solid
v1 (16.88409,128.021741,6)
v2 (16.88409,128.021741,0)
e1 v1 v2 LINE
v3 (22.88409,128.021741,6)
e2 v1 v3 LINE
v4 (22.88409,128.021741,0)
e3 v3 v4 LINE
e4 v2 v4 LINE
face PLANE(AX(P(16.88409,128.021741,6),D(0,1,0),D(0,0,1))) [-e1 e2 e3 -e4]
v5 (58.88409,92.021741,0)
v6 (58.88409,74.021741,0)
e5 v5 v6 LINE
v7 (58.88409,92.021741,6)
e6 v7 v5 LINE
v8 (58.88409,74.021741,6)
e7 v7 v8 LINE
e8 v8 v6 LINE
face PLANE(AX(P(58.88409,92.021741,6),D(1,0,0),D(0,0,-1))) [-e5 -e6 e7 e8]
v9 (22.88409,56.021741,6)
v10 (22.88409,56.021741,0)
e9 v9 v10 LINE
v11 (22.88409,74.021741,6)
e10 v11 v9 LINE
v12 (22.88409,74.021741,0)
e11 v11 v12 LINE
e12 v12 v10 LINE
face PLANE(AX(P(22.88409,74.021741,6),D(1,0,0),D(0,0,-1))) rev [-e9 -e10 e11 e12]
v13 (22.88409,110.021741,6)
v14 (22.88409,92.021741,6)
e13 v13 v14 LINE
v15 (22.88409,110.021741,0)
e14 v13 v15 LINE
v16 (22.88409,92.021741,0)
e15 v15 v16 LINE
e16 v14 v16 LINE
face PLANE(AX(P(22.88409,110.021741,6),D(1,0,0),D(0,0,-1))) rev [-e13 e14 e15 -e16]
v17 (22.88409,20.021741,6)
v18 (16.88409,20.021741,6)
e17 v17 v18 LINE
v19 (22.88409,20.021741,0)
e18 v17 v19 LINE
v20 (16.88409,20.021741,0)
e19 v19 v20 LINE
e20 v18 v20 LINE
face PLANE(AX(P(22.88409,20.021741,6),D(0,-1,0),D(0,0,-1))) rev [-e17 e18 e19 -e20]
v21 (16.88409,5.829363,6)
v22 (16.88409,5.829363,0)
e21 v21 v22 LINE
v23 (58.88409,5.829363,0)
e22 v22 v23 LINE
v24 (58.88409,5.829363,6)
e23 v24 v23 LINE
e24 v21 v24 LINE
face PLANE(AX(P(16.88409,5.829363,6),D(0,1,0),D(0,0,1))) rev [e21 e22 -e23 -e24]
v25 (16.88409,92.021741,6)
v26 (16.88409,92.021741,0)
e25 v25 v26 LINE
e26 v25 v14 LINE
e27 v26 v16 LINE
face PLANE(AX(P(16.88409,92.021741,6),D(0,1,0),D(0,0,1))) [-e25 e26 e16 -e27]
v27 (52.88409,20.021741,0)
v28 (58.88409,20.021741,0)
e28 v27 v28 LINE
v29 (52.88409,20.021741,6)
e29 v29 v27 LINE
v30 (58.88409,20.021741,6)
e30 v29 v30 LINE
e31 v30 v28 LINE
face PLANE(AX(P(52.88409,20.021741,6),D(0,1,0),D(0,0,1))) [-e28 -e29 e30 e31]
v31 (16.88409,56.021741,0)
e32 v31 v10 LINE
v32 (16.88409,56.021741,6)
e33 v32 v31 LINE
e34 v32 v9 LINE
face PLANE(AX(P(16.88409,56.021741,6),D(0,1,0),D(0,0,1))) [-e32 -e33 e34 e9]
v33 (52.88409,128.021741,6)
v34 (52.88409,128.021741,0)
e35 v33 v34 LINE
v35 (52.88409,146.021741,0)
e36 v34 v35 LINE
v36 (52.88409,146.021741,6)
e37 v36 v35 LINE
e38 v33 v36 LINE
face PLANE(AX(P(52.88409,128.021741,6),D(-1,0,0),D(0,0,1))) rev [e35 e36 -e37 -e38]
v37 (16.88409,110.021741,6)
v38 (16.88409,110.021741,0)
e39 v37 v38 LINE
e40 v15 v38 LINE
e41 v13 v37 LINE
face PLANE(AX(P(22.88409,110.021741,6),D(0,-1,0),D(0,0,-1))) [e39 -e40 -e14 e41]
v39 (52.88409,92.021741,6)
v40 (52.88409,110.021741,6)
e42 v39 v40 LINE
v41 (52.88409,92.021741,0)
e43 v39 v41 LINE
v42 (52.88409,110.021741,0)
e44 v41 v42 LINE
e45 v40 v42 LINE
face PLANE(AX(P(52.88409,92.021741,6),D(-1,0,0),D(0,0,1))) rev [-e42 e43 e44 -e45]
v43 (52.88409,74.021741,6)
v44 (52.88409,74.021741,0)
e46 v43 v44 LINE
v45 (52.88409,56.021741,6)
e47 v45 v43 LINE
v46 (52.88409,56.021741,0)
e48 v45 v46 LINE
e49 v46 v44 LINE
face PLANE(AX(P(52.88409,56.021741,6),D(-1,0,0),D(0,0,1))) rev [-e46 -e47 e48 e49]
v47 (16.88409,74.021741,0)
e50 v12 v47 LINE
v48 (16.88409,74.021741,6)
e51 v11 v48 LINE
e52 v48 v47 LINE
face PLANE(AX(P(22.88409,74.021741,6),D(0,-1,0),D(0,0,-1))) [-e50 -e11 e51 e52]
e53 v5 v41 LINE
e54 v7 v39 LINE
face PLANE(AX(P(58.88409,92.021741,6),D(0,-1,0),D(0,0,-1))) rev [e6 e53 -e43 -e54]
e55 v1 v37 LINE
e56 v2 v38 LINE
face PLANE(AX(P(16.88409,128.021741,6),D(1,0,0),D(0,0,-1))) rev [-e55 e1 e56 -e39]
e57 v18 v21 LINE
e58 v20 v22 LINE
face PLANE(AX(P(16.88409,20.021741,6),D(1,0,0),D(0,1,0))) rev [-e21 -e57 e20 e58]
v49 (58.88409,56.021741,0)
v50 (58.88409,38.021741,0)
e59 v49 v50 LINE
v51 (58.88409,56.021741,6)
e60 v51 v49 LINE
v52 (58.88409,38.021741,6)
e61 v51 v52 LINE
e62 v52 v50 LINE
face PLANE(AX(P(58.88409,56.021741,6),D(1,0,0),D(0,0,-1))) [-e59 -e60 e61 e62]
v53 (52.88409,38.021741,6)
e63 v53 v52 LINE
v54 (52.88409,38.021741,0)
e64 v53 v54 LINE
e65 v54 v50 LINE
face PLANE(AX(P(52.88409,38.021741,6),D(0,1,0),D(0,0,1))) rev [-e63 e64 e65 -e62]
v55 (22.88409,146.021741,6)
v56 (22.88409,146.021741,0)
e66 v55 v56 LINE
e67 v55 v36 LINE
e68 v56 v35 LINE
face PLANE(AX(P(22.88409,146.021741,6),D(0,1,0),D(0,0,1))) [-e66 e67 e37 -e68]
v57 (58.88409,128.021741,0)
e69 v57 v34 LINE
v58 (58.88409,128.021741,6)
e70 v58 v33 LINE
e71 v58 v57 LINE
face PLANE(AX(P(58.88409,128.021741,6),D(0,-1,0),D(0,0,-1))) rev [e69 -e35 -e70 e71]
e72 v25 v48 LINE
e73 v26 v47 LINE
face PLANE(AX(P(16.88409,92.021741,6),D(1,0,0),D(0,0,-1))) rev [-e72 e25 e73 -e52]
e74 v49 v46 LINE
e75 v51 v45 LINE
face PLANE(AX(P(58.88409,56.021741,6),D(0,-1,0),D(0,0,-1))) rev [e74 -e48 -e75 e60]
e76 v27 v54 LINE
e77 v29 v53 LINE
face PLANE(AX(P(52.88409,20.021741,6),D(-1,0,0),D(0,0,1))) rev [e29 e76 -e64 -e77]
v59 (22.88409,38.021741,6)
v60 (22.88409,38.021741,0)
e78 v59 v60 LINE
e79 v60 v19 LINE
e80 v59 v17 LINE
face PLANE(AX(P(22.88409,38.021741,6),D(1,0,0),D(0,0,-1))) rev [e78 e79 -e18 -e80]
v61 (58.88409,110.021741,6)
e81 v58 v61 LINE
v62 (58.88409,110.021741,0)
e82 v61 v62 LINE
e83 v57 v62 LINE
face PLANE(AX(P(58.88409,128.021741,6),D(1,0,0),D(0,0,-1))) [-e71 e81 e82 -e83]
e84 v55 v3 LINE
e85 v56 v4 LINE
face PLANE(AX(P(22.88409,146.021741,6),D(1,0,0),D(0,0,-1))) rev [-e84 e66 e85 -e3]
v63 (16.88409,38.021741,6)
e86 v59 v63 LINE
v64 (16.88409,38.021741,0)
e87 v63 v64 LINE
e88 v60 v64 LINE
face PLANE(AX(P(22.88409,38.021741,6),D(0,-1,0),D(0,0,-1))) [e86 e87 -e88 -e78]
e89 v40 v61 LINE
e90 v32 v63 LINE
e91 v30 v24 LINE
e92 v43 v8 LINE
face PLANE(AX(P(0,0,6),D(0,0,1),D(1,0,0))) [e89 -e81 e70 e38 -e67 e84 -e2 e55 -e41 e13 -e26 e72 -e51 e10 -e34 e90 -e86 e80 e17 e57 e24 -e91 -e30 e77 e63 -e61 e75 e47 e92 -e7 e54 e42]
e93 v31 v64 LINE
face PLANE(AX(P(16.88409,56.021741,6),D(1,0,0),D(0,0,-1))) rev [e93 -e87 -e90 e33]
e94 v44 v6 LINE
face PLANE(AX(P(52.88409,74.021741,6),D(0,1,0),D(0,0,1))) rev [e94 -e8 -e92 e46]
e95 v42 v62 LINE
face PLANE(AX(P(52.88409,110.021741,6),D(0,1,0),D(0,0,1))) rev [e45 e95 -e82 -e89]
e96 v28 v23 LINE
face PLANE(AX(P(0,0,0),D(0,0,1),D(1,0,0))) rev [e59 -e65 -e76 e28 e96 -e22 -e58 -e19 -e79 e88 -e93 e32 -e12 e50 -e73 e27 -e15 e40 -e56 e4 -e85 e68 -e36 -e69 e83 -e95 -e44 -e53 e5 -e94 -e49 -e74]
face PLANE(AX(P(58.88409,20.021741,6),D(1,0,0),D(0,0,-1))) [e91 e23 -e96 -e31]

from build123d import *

# Parameters (mm, degrees)
BOSS_EXTRUDE1_DEPTH = 6


with BuildPart() as part:
    # Model → Boss-Extrude1 (new body)
    with BuildSketch(Plane.XY):
        Polygon((16.884090401, 128.021741477), (22.884090401, 128.021741477), (22.884090401, 146.021741477), (52.884090401, 146.021741477), (52.884090401, 128.021741477), (58.884090401, 128.021741477), (58.884090401, 110.021741477), (52.884090401, 110.021741477), (52.884090401, 92.021741477), (58.884090401, 92.021741477), (58.884090401, 74.021741477), (52.884090401, 74.021741477), (52.884090401, 56.021741477), (58.884090401, 56.021741477), (58.884090401, 38.021741477), (52.884090401, 38.021741477), (52.884090401, 20.021741477), (58.884090401, 20.021741477), (58.884090401, 5.829362613), (16.884090401, 5.829362613), (16.884090401, 20.021741477), (22.884090401, 20.021741477), (22.884090401, 38.021741477), (16.884090401, 38.021741477), (16.884090401, 56.021741477), (22.884090401, 56.021741477), (22.884090401, 74.021741477), (16.884090401, 74.021741477), (16.884090401, 92.021741477), (22.884090401, 92.021741477), (22.884090401, 110.021741477), (16.884090401, 110.021741477), align=None)
    extrude(amount=BOSS_EXTRUDE1_DEPTH)


solid = part.part
